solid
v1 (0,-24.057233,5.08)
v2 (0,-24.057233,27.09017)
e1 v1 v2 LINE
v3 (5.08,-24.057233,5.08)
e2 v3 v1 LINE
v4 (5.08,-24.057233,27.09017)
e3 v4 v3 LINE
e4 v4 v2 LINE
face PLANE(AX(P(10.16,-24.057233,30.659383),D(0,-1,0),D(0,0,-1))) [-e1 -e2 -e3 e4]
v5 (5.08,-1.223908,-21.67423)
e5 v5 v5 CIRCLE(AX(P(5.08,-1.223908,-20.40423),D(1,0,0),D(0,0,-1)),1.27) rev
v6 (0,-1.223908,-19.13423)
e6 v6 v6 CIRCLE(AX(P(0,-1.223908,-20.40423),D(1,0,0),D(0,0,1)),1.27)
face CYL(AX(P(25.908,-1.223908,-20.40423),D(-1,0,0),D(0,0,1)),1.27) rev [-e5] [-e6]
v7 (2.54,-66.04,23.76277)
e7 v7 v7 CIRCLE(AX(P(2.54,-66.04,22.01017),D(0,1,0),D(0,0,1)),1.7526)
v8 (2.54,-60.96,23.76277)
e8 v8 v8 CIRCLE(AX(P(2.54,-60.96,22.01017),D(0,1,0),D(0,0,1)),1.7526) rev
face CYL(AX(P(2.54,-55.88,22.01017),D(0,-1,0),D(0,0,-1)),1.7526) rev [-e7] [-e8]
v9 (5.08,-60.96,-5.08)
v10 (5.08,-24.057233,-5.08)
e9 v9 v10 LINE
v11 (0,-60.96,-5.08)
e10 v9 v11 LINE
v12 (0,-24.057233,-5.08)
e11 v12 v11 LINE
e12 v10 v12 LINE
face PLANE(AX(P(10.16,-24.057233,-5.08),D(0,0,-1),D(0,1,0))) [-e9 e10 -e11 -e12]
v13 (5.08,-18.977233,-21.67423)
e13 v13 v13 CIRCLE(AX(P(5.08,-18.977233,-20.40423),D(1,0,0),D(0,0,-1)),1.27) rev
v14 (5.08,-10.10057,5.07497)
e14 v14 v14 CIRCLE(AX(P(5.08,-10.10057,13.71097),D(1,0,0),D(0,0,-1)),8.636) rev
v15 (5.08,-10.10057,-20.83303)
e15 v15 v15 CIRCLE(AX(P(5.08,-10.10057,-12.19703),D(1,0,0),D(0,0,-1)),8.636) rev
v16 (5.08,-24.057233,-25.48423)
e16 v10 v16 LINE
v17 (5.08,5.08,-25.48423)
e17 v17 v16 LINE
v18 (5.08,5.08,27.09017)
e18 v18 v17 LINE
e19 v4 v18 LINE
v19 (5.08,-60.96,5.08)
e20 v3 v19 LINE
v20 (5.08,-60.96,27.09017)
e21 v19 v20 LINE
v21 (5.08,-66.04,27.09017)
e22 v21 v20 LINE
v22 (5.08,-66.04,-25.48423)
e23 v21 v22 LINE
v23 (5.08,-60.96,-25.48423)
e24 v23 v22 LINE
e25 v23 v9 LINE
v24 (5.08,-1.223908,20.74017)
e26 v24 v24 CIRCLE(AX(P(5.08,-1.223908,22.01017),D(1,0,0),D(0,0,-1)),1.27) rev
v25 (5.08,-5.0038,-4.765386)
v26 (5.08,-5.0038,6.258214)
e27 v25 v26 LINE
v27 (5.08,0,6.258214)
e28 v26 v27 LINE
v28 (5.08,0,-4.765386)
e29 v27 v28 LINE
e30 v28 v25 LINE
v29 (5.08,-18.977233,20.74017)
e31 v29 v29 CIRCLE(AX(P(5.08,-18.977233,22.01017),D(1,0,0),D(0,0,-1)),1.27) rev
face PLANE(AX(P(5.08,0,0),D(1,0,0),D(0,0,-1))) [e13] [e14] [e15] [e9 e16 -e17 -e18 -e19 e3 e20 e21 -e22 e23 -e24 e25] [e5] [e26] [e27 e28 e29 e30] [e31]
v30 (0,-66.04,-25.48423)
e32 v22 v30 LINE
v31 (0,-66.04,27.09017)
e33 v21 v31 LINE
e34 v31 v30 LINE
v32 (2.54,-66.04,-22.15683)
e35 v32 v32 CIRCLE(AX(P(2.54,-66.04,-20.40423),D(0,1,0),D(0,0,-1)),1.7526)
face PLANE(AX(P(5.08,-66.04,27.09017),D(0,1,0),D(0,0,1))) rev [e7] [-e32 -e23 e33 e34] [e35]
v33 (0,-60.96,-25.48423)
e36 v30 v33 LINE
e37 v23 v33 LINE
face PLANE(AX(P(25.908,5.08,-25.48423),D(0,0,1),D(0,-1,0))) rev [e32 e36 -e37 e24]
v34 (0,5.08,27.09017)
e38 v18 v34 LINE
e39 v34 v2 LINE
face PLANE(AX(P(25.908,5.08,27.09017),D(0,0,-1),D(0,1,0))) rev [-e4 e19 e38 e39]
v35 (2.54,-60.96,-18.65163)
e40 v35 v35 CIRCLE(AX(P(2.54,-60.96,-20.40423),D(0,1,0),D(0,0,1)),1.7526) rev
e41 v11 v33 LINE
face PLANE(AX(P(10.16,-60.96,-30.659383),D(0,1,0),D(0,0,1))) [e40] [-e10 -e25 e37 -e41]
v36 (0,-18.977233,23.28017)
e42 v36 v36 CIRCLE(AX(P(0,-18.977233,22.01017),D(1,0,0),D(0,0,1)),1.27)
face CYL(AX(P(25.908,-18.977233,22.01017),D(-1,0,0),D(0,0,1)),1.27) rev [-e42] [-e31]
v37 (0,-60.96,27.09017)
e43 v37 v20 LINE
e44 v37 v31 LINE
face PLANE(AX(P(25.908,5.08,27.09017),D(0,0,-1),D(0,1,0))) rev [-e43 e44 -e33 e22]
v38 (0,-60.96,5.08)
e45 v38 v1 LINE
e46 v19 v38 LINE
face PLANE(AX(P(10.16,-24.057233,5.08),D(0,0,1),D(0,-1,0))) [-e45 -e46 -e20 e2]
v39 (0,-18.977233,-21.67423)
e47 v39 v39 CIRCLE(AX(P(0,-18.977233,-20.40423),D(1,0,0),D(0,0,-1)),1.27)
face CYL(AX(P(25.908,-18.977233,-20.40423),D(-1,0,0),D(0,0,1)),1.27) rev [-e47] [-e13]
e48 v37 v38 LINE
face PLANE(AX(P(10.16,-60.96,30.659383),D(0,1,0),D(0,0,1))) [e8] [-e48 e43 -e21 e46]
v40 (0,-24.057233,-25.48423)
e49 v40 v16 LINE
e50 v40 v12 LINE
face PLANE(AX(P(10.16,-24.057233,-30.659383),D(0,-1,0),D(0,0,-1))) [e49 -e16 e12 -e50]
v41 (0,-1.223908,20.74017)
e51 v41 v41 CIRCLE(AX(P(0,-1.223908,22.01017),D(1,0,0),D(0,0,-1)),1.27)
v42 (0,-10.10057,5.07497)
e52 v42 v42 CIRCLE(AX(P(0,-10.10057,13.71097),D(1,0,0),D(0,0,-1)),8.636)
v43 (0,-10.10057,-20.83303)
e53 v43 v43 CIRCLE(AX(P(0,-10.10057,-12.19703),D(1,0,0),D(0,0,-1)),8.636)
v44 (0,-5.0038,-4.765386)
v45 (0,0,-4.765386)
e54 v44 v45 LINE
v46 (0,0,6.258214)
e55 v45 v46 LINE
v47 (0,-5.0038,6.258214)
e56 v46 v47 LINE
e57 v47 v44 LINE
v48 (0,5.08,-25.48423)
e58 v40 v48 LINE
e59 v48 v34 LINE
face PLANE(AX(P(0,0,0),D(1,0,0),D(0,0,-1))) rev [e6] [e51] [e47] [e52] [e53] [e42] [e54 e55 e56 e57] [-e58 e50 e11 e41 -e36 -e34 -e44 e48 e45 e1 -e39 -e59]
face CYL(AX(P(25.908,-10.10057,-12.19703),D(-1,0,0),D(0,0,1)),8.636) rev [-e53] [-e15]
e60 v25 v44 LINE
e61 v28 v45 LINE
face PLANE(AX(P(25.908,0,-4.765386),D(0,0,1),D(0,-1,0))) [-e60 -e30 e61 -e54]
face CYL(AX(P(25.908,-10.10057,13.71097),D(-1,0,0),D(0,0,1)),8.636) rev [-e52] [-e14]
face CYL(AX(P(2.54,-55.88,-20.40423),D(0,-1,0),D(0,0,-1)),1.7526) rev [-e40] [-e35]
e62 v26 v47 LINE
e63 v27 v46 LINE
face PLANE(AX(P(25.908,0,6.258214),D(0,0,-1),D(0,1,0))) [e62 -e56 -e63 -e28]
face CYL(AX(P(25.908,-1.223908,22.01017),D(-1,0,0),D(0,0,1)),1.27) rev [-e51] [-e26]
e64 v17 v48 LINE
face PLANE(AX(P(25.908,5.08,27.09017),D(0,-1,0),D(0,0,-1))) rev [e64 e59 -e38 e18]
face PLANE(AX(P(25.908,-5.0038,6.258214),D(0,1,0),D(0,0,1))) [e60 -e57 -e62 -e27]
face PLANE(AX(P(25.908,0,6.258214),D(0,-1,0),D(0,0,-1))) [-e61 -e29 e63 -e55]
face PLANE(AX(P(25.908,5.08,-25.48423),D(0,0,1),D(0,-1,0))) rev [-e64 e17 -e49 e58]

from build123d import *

# Parameters (mm, degrees)
BOSS_EXTRUDE1_DEPTH = 5.08
SKETCH2_W           = 101.6
SKETCH2_H           = 10.16
CUT_EXTRUDE3_DEPTH  = 22.86
SKETCH9_R           = 1.27
CUT_EXTRUDE4_DEPTH  = 25.908
SKETCH13_W          = 11.0236
SKETCH13_H          = 5.0038
CUT_EXTRUDE5_DEPTH  = 25.908
SKETCH8_R           = 8.636
CUT_EXTRUDE6_DEPTH  = 25.908
SKETCH14_W          = 212.203069611
SKETCH14_H          = 122.52066239
SKETCH14_W_2        = 52.5744
SKETCH14_H_2        = 29.137232508
CUT_EXTRUDE7_DEPTH  = 25.908
SKETCH15_W          = 52.5744
SKETCH15_H          = 43.722211583
BOSS_EXTRUDE2_DEPTH = 5.08
SKETCH17_W          = 25.579382718
SKETCH17_H          = 36.902767492
CUT_EXTRUDE8_DEPTH  = 10.16
SKETCH18_R          = 1.7526
CUT_EXTRUDE9_DEPTH  = 10.16


with BuildPart() as part:
    # Sketch1 → Boss-Extrude1 (new body)
    with BuildSketch(Plane(origin=(0, 0, 0), x_dir=(0, 0, -1), z_dir=(1, 0, 0))):
        Polygon((62.997029703, -55.82970297), (88.397029703, -55.82970297), (88.397029703, -65.98970297), (-89.402970297, -65.98970297), (-89.402970297, -55.82970297), (-64.002970297, -55.82970297), (-64.002970297, 27.837475742), (62.997029703, 27.837475742), align=None)
    extrude(amount=BOSS_EXTRUDE1_DEPTH)

    # Sketch2 → Cut-Extrude3 (cut)
    with BuildSketch(Plane(origin=(0, 0, 0), x_dir=(0, 0, -1), z_dir=(1, 0, 0))):
        with Locations((-0.502970297, -60.90970297)):
            Rectangle(SKETCH2_W, SKETCH2_H)
    extrude(amount=CUT_EXTRUDE3_DEPTH, mode=Mode.SUBTRACT)

    # Sketch9 → Cut-Extrude4 (cut)
    with BuildSketch(Plane(origin=(0, 0, 0), x_dir=(0, 0, -1), z_dir=(1, 0, 0))):
        with Locations((-22.010170297, -1.223907747)):
            Circle(SKETCH9_R)
        with Locations(Location((-22.010170297, -18.977232508, 0), (0, 0, 180))):
            Circle(SKETCH9_R)
        with Locations((20.404229703, -18.977232508)):
            Circle(SKETCH9_R)
        with Locations(Location((20.404229703, -1.223907747, 0), (0, 0, 180))):
            Circle(SKETCH9_R)
    extrude(amount=CUT_EXTRUDE4_DEPTH, mode=Mode.SUBTRACT)

    # Sketch13 → Cut-Extrude5 (cut)
    with BuildSketch(Plane(origin=(0, 0, 0), x_dir=(0, 0, -1), z_dir=(1, 0, 0))):
        with Locations((-0.746414126, -2.5019)):
            Rectangle(SKETCH13_W, SKETCH13_H)
    extrude(amount=CUT_EXTRUDE5_DEPTH, mode=Mode.SUBTRACT)

    # Sketch8 → Cut-Extrude6 (cut)
    with BuildSketch(Plane(origin=(0, 0, 0), x_dir=(0, 0, -1), z_dir=(1, 0, 0))):
        with Locations((12.197029703, -10.100570128)):
            Circle(SKETCH8_R)
        with Locations((-13.710970297, -10.100570128)):
            Circle(SKETCH8_R)
    extrude(amount=CUT_EXTRUDE6_DEPTH, mode=Mode.SUBTRACT)

    # Sketch14 → Cut-Extrude7 (cut)
    with BuildSketch(Plane(origin=(0, 0, 0), x_dir=(0, 0, -1), z_dir=(1, 0, 0))):
        with Locations((-5.581398167, -16.698007888)):
            Rectangle(SKETCH14_W, SKETCH14_H)
        with Locations((-0.802970297, -9.488616254)):
            Rectangle(SKETCH14_W_2, SKETCH14_H_2, mode=Mode.SUBTRACT)
    extrude(amount=CUT_EXTRUDE7_DEPTH, mode=Mode.SUBTRACT)

    # Sketch15 → Boss-Extrude2 (add)
    with BuildSketch(Plane(origin=(0, 0, 0), x_dir=(0, 0, -1), z_dir=(1, 0, 0))):
        with Locations((-0.802970297, -44.178894209)):
            Rectangle(SKETCH15_W, SKETCH15_H)
    extrude(amount=BOSS_EXTRUDE2_DEPTH)

    # Sketch17 → Cut-Extrude8 (cut)
    with BuildSketch(Plane(origin=(0, 0, 0), x_dir=(0, 0, -1), z_dir=(1, 0, 0))):
        with Locations((-17.869691359, -42.508616254)):
            Rectangle(SKETCH17_W, SKETCH17_H)
        with Locations((17.869691359, -42.508616254)):
            Rectangle(SKETCH17_W, SKETCH17_H)
    extrude(amount=CUT_EXTRUDE8_DEPTH, mode=Mode.SUBTRACT)

    # Sketch18 → Cut-Extrude9 (cut)
    with BuildSketch(Plane(origin=(0, -66.04, 0), x_dir=(1, 0, 0), z_dir=(0, 1, 0))):
        with Locations(Location((2.54, -22.010170297, 0), (0, 0, 270))):
            Circle(SKETCH18_R)
        with Locations(Location((2.54, 20.404229703, 0), (0, 0, 90))):
            Circle(SKETCH18_R)
    extrude(amount=CUT_EXTRUDE9_DEPTH, mode=Mode.SUBTRACT)


solid = part.part
